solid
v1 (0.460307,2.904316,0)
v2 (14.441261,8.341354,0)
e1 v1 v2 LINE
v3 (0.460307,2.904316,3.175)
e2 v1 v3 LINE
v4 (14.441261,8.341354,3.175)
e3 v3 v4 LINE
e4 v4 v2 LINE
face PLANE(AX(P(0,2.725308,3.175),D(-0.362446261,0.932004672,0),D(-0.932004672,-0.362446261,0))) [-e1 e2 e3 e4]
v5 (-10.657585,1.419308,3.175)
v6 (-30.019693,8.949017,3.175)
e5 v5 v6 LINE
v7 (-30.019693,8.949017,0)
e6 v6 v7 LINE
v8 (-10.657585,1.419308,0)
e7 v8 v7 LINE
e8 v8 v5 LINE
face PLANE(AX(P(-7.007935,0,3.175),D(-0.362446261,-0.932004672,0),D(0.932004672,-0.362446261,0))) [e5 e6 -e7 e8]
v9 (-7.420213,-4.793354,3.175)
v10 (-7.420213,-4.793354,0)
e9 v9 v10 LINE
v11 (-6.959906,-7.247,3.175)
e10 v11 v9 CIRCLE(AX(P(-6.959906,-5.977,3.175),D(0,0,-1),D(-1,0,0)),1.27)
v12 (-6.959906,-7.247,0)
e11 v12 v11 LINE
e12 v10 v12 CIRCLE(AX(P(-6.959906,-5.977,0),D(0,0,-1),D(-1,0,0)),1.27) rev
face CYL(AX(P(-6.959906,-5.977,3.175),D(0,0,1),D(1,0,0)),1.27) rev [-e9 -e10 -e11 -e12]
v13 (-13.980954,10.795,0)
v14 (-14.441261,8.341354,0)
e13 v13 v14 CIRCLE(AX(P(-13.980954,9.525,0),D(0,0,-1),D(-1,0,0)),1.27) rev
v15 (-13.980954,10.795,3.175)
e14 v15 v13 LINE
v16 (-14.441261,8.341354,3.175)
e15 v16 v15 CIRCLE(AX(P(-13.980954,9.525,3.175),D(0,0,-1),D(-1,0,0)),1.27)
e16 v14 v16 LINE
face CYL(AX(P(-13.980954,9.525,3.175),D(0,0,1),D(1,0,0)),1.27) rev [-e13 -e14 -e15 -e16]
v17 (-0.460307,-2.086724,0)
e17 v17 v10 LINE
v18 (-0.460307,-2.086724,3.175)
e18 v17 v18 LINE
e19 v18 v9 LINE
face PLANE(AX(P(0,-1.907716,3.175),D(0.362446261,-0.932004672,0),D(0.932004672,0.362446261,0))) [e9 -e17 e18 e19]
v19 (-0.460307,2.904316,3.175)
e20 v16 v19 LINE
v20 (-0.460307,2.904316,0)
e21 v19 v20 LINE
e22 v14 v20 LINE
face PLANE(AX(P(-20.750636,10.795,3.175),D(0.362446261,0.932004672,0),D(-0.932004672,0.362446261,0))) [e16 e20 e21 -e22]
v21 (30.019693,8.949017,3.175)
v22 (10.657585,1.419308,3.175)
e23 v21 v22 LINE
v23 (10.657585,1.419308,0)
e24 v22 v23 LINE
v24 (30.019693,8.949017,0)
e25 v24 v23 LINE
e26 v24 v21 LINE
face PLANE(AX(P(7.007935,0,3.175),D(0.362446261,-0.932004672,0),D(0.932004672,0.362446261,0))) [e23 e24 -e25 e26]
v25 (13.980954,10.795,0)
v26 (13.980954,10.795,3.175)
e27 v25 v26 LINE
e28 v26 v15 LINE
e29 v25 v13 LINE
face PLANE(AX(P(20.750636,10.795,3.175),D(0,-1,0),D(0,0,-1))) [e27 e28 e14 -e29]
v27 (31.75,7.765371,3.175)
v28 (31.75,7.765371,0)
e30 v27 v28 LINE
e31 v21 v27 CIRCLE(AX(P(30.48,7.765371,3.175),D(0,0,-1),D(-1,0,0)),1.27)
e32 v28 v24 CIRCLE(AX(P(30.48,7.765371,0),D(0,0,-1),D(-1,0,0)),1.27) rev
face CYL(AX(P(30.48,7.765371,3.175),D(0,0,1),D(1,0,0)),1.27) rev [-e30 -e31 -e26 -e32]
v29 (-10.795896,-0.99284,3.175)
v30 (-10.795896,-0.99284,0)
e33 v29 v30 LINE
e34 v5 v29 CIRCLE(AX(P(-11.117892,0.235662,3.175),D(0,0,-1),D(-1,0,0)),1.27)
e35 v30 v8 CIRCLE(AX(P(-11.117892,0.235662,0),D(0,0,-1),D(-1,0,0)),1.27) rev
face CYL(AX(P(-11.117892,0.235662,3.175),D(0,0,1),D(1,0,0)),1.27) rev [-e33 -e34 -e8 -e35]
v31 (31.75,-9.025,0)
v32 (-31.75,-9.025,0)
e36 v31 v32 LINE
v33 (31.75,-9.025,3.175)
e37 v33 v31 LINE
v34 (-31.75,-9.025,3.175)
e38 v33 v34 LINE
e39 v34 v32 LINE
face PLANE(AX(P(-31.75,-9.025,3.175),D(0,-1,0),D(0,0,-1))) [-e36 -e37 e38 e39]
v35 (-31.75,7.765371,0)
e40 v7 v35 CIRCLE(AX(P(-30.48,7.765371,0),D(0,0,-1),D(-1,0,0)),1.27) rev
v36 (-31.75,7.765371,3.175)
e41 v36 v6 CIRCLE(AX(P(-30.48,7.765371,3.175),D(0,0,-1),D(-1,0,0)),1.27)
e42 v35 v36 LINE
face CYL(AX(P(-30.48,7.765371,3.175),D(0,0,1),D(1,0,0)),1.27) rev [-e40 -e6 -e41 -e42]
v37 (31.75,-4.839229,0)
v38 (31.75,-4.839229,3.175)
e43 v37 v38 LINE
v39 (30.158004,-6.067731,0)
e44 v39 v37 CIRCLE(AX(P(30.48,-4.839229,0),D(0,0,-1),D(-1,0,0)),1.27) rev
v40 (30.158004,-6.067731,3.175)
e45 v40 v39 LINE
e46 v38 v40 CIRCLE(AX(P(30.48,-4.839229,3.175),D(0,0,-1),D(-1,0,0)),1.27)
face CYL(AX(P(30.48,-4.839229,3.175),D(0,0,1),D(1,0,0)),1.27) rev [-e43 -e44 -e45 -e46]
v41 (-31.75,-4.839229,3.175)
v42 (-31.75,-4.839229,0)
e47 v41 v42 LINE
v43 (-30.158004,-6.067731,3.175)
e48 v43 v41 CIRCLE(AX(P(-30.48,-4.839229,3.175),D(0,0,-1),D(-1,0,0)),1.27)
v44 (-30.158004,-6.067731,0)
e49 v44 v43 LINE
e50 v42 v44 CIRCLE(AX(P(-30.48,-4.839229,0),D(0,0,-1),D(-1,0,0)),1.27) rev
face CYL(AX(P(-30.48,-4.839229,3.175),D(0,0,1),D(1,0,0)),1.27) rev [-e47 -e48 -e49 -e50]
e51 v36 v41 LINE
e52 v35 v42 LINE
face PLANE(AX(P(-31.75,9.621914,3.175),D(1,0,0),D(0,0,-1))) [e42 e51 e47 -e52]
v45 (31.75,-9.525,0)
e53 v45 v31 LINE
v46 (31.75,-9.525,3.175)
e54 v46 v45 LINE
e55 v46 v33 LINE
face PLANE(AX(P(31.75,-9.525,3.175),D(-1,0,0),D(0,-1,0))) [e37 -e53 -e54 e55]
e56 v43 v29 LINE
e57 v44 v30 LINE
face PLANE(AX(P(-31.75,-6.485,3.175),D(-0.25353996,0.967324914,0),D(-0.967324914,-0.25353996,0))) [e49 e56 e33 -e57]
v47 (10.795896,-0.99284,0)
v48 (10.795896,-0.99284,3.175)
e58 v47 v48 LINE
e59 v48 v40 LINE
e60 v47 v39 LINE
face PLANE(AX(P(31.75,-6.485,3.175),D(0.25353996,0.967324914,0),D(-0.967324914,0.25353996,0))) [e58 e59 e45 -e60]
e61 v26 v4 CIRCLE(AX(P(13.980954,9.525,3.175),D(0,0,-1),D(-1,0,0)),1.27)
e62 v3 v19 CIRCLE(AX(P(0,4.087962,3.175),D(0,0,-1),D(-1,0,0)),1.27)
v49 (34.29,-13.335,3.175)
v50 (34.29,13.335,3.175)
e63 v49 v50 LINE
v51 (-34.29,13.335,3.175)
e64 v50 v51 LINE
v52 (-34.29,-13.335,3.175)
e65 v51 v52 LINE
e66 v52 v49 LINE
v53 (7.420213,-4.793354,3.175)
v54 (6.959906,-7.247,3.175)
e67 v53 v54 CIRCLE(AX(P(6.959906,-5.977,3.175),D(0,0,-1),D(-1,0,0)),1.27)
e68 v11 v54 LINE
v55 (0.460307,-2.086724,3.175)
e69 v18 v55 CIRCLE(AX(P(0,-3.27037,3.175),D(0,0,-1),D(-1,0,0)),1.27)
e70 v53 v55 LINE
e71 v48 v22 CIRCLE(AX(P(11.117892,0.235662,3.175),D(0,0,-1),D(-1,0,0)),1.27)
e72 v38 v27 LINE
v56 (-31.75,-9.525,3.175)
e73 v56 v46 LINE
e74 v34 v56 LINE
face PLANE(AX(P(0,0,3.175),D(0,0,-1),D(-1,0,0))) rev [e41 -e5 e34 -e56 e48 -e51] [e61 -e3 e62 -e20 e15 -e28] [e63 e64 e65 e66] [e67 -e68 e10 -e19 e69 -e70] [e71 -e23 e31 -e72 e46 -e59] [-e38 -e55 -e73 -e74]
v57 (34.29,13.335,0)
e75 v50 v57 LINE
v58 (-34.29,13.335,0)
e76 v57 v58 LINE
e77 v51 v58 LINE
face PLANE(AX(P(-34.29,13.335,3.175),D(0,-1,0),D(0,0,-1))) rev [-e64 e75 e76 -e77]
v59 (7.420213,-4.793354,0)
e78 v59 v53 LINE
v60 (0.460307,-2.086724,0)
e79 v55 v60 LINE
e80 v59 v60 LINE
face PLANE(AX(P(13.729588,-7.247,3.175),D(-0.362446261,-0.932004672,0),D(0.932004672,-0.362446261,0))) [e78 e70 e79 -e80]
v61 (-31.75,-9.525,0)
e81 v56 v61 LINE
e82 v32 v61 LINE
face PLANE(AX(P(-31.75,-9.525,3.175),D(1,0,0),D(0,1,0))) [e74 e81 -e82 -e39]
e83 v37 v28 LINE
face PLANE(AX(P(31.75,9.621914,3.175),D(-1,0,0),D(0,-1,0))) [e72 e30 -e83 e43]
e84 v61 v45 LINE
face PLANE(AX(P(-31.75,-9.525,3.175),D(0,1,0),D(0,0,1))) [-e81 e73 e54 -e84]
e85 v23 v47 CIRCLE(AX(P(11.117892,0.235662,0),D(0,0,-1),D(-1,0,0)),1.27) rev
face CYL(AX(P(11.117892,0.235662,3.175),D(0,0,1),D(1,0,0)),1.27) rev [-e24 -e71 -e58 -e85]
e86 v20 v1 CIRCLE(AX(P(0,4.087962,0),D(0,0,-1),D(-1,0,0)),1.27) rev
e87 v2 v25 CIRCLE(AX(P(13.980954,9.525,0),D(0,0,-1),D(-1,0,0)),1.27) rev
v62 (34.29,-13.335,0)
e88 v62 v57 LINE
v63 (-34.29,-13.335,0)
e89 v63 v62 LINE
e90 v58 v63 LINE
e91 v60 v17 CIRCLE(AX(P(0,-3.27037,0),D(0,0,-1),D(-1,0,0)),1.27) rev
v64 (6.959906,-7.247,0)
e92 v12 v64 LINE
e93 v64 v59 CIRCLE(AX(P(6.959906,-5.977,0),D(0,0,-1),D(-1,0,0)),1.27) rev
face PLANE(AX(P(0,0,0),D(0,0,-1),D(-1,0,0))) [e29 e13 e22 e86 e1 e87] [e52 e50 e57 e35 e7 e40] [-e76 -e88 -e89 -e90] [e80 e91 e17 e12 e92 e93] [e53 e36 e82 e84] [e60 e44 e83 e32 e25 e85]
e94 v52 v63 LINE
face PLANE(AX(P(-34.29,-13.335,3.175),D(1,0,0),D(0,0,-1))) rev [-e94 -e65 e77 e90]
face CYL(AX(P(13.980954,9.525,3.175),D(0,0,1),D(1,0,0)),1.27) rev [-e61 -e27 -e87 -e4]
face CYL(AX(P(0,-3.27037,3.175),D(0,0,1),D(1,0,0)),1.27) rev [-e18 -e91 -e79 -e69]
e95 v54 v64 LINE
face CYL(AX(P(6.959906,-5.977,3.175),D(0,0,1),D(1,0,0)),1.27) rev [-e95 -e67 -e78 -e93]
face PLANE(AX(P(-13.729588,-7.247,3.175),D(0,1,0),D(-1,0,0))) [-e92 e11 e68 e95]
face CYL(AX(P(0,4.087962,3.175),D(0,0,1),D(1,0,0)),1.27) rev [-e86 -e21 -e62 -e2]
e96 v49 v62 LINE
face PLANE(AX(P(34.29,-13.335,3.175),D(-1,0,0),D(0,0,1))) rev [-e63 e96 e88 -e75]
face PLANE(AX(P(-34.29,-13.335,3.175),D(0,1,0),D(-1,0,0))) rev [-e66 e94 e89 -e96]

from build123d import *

# Parameters (mm, degrees)
SKETCH1_W           = 68.58
SKETCH1_H           = 26.67
SKETCH1_W_2         = 63.5
SKETCH1_H_2         = 0.5
BOSS_EXTRUDE1_DEPTH = 3.175
FILLET1_R           = 1.27


with BuildPart() as part:
    # Sketch1 → Boss-Extrude1 (new body)
    with BuildSketch(Plane.XY):
        Rectangle(SKETCH1_W, SKETCH1_H)
        Polygon((-20.750635985, 10.795), (0, 2.725308228), (20.750635985, 10.795), align=None, mode=Mode.SUBTRACT)
        with Locations((0, -9.275)):
            Rectangle(SKETCH1_W_2, SKETCH1_H_2, mode=Mode.SUBTRACT)
        Polygon((-31.75, 9.621913994), (-31.75, -6.485), (-7.007935444, 0), align=None, mode=Mode.SUBTRACT)
        Polygon((7.007935444, 0), (31.75, 9.621913994), (31.75, -6.485), align=None, mode=Mode.SUBTRACT)
        Polygon((0, -1.90771576), (-13.729588047, -7.247), (13.729588047, -7.247), align=None, mode=Mode.SUBTRACT)
    extrude(amount=BOSS_EXTRUDE1_DEPTH)

    # Fillet1
    fillet1_edges = [part.edges().sort_by_distance(p)[0] for p in [
        (20.750635985, 10.795, 1.5875),
        (-20.750635985, 10.795, 1.5875),
        (0, 2.725308228, 1.5875),
        (-7.007935444, 0, 1.5875),
        (-31.75, 9.621913994, 1.5875),
        (-31.75, -6.485, 1.5875),
        (7.007935444, 0, 1.5875),
        (31.75, -6.485, 1.5875),
        (31.75, 9.621913994, 1.5875),
        (13.729588047, -7.247, 1.5875),
        (0, -1.90771576, 1.5875),
        (-13.729588047, -7.247, 1.5875),
    ]]
    fillet(fillet1_edges, radius=FILLET1_R)


solid = part.part
